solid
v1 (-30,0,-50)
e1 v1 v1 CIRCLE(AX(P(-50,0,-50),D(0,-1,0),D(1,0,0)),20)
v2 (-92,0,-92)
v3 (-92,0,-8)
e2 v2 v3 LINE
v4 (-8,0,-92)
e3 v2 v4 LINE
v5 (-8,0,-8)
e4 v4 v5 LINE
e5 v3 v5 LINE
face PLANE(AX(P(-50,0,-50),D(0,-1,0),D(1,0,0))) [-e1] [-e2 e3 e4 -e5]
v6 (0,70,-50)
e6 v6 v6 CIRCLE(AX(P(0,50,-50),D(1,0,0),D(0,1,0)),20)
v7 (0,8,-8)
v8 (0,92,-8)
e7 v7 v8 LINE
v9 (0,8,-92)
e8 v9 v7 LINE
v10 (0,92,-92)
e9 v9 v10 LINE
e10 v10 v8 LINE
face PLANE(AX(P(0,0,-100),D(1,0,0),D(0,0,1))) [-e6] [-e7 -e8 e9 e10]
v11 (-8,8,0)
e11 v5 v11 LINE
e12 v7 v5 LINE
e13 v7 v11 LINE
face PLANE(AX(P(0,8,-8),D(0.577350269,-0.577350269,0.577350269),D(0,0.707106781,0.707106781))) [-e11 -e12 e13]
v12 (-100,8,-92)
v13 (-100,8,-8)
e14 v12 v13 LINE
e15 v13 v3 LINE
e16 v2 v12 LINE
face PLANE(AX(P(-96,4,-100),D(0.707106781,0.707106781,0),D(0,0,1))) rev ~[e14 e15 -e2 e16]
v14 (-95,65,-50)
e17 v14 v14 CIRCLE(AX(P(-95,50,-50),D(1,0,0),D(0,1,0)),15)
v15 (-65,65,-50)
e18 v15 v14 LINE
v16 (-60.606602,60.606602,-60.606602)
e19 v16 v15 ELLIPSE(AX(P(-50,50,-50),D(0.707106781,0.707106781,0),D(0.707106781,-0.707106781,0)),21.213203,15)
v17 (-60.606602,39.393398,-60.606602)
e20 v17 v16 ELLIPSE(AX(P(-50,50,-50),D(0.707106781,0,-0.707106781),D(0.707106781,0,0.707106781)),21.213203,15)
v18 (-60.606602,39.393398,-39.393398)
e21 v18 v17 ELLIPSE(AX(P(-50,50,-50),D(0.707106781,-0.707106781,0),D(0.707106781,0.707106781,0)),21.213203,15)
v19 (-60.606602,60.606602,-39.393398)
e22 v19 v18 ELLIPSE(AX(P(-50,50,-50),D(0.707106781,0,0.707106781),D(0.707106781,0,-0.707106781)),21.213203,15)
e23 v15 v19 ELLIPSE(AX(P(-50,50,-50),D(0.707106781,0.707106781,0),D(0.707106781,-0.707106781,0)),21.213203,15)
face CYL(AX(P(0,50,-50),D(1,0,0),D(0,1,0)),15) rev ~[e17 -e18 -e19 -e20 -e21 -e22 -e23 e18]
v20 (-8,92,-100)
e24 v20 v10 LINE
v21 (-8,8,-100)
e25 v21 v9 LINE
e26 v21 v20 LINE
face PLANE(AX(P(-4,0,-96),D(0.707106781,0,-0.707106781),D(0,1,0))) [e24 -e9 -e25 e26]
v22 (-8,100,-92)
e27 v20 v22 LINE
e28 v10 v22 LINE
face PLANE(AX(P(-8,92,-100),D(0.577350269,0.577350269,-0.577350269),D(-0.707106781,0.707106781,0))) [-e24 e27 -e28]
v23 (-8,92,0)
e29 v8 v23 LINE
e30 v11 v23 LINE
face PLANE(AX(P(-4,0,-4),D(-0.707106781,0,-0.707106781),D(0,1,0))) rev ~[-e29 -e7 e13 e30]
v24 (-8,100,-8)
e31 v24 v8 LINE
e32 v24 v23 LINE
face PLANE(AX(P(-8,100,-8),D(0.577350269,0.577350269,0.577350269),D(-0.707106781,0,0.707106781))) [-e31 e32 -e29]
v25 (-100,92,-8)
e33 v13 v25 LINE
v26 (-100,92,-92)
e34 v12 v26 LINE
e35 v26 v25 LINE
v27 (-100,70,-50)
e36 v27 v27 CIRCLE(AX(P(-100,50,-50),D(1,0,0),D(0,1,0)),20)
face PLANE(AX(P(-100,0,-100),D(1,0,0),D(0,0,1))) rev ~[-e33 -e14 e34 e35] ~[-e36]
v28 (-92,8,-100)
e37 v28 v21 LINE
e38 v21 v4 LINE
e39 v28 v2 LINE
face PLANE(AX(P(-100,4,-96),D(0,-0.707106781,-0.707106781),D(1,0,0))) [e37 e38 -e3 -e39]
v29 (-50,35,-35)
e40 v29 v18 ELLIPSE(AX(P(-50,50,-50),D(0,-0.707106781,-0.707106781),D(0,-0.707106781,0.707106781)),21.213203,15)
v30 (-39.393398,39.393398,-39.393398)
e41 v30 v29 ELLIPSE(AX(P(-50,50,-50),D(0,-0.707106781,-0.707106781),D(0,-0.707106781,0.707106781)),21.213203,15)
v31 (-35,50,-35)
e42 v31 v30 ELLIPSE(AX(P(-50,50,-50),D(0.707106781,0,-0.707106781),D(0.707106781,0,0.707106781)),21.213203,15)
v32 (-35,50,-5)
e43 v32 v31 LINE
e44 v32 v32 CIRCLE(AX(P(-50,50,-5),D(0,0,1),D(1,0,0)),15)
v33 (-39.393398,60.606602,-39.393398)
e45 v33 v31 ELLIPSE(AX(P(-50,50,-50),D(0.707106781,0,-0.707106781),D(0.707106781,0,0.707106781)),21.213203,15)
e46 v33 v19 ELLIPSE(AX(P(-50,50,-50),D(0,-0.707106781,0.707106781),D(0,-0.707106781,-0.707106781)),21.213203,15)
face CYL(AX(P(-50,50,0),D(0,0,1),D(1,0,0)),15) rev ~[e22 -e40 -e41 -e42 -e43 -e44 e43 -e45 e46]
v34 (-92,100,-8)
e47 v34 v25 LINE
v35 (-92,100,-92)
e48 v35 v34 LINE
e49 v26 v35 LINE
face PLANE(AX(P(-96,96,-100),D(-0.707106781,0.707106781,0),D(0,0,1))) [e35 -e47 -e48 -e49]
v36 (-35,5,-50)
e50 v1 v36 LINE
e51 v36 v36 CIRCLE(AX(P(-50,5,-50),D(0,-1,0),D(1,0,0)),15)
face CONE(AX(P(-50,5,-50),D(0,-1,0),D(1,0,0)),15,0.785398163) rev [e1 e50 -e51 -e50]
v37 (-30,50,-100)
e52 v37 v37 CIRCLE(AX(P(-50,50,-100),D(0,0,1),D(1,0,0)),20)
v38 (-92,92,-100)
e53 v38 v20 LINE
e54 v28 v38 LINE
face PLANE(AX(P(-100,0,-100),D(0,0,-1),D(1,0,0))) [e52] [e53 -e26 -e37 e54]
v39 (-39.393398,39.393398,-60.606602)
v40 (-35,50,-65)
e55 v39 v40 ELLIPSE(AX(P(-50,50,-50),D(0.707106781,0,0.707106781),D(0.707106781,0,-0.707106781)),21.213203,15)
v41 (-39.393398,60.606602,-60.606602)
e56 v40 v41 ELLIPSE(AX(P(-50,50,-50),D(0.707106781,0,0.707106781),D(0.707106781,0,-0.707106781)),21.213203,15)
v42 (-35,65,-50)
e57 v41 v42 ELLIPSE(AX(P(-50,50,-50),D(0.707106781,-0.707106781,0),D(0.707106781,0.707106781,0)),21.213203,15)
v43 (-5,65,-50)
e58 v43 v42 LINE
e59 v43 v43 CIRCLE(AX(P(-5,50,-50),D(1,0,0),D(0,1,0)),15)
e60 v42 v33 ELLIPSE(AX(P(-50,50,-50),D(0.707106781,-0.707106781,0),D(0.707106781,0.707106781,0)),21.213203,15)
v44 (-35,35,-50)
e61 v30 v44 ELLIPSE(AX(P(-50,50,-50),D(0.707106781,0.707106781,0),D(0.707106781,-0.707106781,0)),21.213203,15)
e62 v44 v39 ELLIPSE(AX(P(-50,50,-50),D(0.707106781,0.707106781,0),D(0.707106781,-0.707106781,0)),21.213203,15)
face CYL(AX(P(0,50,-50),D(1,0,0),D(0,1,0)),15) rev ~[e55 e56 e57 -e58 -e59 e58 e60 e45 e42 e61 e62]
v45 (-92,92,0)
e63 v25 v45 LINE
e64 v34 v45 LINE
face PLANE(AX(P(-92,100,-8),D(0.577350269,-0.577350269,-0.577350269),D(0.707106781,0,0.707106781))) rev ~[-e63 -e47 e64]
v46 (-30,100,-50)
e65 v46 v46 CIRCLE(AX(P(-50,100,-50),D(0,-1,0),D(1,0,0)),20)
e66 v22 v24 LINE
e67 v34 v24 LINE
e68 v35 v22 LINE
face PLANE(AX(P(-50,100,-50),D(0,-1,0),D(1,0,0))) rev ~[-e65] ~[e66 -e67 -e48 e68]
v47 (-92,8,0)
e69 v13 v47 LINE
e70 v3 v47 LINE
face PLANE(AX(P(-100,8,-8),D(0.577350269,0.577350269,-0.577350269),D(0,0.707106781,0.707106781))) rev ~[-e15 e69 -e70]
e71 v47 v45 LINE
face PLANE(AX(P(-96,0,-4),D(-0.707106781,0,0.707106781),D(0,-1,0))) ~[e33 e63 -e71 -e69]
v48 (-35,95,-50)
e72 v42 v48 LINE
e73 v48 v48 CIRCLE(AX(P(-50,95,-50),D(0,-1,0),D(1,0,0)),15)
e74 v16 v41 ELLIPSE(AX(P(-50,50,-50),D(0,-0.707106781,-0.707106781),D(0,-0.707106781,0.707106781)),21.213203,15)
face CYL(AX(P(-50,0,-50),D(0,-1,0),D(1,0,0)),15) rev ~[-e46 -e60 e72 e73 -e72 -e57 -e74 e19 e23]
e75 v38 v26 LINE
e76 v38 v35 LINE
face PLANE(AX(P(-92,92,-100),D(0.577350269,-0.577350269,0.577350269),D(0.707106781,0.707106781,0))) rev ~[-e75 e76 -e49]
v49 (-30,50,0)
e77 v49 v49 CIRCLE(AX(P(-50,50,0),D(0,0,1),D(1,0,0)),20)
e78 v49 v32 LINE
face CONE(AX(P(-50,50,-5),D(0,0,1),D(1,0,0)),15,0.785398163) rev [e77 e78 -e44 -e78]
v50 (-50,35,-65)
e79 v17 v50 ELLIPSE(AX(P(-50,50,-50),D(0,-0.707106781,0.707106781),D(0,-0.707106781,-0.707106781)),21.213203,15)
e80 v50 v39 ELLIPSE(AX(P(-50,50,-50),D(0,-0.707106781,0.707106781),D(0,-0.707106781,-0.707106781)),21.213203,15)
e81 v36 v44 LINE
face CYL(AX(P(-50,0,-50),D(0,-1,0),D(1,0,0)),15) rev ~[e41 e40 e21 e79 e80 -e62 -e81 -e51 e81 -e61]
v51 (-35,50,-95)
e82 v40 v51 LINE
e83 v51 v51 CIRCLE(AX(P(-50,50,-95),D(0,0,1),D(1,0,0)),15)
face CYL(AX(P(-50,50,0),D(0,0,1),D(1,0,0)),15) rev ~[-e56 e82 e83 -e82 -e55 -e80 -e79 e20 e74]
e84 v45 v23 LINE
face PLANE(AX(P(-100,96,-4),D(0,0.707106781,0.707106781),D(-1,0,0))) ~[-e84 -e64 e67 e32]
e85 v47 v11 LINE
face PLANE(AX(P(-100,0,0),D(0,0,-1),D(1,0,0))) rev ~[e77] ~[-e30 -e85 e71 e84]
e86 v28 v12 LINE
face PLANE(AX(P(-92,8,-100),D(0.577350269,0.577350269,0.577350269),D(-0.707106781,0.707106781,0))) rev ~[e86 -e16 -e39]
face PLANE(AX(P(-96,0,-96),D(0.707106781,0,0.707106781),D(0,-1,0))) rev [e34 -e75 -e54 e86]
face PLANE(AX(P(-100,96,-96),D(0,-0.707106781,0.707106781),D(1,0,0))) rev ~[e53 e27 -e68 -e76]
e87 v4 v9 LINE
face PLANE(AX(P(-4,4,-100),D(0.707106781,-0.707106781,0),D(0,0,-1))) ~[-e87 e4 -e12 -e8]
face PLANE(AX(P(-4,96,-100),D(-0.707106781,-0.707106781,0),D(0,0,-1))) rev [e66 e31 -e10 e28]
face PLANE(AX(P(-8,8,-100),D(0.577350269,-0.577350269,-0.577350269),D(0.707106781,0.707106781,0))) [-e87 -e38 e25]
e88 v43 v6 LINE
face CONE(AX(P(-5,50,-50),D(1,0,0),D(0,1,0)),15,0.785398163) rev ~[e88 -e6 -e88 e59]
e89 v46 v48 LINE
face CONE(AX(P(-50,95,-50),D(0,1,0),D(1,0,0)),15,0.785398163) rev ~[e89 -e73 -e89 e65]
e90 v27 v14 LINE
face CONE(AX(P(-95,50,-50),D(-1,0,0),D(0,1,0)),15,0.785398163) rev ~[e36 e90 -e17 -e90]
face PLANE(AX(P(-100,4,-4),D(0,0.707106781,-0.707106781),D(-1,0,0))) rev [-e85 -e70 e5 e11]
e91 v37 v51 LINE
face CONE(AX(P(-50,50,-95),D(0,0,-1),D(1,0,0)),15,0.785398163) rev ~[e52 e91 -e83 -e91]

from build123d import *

# Parameters (mm, degrees)
F0_W     = 100
F0_H     = 100
F0_R     = 15
F1_DEPTH = 100
F2_R     = 15
F3_DEPTH = 300
F4_R     = 15
F5_DEPTH = 300
F6_R     = 15
F7_DEPTH = 300
F8_SIZE  = 8
F9_SIZE  = 5


with BuildPart() as f1:
    # F0 (on Front) → F1 (new body)
    with BuildSketch(Plane.XZ):
        with Locations((-50, -50)):
            Rectangle(F0_W, F0_H)
        with Locations((-50, -50)):
            Circle(F0_R, mode=Mode.SUBTRACT)
        with Locations((-50, -50)):
            Circle(F0_R)
    extrude(amount=-F1_DEPTH)

    # F2 (on face) → F3 (cut)
    with BuildSketch(Plane.YZ):
        with Locations((50, -50)):
            Circle(F2_R)
    extrude(amount=-F3_DEPTH, mode=Mode.SUBTRACT)

    # F4 (on face) → F5 (cut)
    with BuildSketch(Plane.XZ):
        with Locations((-50, -50)):
            Circle(F4_R)
    extrude(amount=-F5_DEPTH, mode=Mode.SUBTRACT)

    # F6 (on face) → F7 (cut)
    with BuildSketch(Plane.XY):
        with Locations((-50, 50)):
            Circle(F6_R)
    extrude(amount=-F7_DEPTH, mode=Mode.SUBTRACT)

    # F8
    f8_edges = [f1.edges().sort_by_distance(p)[0] for p in [
        (-50, 0, 0),
        (0, 0, -50),
        (-100, 0, -50),
        (-50, 0, -100),
        (-100, 50, 0),
        (-100, 100, -50),
        (-100, 50, -100),
        (0, 50, 0),
        (0, 100, -50),
        (0, 50, -100),
        (-50, 100, -100),
        (-50, 100, 0),
    ]]
    chamfer(f8_edges, length=F8_SIZE)

    # F9
    f9_edges = [f1.edges().sort_by_distance(p)[0] for p in [
        (-65, 0, -50),
        (0, 35, -50),
        (-65, 50, 0),
        (-100, 35, -50),
        (-65, 50, -100),
        (-65, 100, -50),
    ]]
    chamfer(f9_edges, length=F9_SIZE)


solid = f1.part
